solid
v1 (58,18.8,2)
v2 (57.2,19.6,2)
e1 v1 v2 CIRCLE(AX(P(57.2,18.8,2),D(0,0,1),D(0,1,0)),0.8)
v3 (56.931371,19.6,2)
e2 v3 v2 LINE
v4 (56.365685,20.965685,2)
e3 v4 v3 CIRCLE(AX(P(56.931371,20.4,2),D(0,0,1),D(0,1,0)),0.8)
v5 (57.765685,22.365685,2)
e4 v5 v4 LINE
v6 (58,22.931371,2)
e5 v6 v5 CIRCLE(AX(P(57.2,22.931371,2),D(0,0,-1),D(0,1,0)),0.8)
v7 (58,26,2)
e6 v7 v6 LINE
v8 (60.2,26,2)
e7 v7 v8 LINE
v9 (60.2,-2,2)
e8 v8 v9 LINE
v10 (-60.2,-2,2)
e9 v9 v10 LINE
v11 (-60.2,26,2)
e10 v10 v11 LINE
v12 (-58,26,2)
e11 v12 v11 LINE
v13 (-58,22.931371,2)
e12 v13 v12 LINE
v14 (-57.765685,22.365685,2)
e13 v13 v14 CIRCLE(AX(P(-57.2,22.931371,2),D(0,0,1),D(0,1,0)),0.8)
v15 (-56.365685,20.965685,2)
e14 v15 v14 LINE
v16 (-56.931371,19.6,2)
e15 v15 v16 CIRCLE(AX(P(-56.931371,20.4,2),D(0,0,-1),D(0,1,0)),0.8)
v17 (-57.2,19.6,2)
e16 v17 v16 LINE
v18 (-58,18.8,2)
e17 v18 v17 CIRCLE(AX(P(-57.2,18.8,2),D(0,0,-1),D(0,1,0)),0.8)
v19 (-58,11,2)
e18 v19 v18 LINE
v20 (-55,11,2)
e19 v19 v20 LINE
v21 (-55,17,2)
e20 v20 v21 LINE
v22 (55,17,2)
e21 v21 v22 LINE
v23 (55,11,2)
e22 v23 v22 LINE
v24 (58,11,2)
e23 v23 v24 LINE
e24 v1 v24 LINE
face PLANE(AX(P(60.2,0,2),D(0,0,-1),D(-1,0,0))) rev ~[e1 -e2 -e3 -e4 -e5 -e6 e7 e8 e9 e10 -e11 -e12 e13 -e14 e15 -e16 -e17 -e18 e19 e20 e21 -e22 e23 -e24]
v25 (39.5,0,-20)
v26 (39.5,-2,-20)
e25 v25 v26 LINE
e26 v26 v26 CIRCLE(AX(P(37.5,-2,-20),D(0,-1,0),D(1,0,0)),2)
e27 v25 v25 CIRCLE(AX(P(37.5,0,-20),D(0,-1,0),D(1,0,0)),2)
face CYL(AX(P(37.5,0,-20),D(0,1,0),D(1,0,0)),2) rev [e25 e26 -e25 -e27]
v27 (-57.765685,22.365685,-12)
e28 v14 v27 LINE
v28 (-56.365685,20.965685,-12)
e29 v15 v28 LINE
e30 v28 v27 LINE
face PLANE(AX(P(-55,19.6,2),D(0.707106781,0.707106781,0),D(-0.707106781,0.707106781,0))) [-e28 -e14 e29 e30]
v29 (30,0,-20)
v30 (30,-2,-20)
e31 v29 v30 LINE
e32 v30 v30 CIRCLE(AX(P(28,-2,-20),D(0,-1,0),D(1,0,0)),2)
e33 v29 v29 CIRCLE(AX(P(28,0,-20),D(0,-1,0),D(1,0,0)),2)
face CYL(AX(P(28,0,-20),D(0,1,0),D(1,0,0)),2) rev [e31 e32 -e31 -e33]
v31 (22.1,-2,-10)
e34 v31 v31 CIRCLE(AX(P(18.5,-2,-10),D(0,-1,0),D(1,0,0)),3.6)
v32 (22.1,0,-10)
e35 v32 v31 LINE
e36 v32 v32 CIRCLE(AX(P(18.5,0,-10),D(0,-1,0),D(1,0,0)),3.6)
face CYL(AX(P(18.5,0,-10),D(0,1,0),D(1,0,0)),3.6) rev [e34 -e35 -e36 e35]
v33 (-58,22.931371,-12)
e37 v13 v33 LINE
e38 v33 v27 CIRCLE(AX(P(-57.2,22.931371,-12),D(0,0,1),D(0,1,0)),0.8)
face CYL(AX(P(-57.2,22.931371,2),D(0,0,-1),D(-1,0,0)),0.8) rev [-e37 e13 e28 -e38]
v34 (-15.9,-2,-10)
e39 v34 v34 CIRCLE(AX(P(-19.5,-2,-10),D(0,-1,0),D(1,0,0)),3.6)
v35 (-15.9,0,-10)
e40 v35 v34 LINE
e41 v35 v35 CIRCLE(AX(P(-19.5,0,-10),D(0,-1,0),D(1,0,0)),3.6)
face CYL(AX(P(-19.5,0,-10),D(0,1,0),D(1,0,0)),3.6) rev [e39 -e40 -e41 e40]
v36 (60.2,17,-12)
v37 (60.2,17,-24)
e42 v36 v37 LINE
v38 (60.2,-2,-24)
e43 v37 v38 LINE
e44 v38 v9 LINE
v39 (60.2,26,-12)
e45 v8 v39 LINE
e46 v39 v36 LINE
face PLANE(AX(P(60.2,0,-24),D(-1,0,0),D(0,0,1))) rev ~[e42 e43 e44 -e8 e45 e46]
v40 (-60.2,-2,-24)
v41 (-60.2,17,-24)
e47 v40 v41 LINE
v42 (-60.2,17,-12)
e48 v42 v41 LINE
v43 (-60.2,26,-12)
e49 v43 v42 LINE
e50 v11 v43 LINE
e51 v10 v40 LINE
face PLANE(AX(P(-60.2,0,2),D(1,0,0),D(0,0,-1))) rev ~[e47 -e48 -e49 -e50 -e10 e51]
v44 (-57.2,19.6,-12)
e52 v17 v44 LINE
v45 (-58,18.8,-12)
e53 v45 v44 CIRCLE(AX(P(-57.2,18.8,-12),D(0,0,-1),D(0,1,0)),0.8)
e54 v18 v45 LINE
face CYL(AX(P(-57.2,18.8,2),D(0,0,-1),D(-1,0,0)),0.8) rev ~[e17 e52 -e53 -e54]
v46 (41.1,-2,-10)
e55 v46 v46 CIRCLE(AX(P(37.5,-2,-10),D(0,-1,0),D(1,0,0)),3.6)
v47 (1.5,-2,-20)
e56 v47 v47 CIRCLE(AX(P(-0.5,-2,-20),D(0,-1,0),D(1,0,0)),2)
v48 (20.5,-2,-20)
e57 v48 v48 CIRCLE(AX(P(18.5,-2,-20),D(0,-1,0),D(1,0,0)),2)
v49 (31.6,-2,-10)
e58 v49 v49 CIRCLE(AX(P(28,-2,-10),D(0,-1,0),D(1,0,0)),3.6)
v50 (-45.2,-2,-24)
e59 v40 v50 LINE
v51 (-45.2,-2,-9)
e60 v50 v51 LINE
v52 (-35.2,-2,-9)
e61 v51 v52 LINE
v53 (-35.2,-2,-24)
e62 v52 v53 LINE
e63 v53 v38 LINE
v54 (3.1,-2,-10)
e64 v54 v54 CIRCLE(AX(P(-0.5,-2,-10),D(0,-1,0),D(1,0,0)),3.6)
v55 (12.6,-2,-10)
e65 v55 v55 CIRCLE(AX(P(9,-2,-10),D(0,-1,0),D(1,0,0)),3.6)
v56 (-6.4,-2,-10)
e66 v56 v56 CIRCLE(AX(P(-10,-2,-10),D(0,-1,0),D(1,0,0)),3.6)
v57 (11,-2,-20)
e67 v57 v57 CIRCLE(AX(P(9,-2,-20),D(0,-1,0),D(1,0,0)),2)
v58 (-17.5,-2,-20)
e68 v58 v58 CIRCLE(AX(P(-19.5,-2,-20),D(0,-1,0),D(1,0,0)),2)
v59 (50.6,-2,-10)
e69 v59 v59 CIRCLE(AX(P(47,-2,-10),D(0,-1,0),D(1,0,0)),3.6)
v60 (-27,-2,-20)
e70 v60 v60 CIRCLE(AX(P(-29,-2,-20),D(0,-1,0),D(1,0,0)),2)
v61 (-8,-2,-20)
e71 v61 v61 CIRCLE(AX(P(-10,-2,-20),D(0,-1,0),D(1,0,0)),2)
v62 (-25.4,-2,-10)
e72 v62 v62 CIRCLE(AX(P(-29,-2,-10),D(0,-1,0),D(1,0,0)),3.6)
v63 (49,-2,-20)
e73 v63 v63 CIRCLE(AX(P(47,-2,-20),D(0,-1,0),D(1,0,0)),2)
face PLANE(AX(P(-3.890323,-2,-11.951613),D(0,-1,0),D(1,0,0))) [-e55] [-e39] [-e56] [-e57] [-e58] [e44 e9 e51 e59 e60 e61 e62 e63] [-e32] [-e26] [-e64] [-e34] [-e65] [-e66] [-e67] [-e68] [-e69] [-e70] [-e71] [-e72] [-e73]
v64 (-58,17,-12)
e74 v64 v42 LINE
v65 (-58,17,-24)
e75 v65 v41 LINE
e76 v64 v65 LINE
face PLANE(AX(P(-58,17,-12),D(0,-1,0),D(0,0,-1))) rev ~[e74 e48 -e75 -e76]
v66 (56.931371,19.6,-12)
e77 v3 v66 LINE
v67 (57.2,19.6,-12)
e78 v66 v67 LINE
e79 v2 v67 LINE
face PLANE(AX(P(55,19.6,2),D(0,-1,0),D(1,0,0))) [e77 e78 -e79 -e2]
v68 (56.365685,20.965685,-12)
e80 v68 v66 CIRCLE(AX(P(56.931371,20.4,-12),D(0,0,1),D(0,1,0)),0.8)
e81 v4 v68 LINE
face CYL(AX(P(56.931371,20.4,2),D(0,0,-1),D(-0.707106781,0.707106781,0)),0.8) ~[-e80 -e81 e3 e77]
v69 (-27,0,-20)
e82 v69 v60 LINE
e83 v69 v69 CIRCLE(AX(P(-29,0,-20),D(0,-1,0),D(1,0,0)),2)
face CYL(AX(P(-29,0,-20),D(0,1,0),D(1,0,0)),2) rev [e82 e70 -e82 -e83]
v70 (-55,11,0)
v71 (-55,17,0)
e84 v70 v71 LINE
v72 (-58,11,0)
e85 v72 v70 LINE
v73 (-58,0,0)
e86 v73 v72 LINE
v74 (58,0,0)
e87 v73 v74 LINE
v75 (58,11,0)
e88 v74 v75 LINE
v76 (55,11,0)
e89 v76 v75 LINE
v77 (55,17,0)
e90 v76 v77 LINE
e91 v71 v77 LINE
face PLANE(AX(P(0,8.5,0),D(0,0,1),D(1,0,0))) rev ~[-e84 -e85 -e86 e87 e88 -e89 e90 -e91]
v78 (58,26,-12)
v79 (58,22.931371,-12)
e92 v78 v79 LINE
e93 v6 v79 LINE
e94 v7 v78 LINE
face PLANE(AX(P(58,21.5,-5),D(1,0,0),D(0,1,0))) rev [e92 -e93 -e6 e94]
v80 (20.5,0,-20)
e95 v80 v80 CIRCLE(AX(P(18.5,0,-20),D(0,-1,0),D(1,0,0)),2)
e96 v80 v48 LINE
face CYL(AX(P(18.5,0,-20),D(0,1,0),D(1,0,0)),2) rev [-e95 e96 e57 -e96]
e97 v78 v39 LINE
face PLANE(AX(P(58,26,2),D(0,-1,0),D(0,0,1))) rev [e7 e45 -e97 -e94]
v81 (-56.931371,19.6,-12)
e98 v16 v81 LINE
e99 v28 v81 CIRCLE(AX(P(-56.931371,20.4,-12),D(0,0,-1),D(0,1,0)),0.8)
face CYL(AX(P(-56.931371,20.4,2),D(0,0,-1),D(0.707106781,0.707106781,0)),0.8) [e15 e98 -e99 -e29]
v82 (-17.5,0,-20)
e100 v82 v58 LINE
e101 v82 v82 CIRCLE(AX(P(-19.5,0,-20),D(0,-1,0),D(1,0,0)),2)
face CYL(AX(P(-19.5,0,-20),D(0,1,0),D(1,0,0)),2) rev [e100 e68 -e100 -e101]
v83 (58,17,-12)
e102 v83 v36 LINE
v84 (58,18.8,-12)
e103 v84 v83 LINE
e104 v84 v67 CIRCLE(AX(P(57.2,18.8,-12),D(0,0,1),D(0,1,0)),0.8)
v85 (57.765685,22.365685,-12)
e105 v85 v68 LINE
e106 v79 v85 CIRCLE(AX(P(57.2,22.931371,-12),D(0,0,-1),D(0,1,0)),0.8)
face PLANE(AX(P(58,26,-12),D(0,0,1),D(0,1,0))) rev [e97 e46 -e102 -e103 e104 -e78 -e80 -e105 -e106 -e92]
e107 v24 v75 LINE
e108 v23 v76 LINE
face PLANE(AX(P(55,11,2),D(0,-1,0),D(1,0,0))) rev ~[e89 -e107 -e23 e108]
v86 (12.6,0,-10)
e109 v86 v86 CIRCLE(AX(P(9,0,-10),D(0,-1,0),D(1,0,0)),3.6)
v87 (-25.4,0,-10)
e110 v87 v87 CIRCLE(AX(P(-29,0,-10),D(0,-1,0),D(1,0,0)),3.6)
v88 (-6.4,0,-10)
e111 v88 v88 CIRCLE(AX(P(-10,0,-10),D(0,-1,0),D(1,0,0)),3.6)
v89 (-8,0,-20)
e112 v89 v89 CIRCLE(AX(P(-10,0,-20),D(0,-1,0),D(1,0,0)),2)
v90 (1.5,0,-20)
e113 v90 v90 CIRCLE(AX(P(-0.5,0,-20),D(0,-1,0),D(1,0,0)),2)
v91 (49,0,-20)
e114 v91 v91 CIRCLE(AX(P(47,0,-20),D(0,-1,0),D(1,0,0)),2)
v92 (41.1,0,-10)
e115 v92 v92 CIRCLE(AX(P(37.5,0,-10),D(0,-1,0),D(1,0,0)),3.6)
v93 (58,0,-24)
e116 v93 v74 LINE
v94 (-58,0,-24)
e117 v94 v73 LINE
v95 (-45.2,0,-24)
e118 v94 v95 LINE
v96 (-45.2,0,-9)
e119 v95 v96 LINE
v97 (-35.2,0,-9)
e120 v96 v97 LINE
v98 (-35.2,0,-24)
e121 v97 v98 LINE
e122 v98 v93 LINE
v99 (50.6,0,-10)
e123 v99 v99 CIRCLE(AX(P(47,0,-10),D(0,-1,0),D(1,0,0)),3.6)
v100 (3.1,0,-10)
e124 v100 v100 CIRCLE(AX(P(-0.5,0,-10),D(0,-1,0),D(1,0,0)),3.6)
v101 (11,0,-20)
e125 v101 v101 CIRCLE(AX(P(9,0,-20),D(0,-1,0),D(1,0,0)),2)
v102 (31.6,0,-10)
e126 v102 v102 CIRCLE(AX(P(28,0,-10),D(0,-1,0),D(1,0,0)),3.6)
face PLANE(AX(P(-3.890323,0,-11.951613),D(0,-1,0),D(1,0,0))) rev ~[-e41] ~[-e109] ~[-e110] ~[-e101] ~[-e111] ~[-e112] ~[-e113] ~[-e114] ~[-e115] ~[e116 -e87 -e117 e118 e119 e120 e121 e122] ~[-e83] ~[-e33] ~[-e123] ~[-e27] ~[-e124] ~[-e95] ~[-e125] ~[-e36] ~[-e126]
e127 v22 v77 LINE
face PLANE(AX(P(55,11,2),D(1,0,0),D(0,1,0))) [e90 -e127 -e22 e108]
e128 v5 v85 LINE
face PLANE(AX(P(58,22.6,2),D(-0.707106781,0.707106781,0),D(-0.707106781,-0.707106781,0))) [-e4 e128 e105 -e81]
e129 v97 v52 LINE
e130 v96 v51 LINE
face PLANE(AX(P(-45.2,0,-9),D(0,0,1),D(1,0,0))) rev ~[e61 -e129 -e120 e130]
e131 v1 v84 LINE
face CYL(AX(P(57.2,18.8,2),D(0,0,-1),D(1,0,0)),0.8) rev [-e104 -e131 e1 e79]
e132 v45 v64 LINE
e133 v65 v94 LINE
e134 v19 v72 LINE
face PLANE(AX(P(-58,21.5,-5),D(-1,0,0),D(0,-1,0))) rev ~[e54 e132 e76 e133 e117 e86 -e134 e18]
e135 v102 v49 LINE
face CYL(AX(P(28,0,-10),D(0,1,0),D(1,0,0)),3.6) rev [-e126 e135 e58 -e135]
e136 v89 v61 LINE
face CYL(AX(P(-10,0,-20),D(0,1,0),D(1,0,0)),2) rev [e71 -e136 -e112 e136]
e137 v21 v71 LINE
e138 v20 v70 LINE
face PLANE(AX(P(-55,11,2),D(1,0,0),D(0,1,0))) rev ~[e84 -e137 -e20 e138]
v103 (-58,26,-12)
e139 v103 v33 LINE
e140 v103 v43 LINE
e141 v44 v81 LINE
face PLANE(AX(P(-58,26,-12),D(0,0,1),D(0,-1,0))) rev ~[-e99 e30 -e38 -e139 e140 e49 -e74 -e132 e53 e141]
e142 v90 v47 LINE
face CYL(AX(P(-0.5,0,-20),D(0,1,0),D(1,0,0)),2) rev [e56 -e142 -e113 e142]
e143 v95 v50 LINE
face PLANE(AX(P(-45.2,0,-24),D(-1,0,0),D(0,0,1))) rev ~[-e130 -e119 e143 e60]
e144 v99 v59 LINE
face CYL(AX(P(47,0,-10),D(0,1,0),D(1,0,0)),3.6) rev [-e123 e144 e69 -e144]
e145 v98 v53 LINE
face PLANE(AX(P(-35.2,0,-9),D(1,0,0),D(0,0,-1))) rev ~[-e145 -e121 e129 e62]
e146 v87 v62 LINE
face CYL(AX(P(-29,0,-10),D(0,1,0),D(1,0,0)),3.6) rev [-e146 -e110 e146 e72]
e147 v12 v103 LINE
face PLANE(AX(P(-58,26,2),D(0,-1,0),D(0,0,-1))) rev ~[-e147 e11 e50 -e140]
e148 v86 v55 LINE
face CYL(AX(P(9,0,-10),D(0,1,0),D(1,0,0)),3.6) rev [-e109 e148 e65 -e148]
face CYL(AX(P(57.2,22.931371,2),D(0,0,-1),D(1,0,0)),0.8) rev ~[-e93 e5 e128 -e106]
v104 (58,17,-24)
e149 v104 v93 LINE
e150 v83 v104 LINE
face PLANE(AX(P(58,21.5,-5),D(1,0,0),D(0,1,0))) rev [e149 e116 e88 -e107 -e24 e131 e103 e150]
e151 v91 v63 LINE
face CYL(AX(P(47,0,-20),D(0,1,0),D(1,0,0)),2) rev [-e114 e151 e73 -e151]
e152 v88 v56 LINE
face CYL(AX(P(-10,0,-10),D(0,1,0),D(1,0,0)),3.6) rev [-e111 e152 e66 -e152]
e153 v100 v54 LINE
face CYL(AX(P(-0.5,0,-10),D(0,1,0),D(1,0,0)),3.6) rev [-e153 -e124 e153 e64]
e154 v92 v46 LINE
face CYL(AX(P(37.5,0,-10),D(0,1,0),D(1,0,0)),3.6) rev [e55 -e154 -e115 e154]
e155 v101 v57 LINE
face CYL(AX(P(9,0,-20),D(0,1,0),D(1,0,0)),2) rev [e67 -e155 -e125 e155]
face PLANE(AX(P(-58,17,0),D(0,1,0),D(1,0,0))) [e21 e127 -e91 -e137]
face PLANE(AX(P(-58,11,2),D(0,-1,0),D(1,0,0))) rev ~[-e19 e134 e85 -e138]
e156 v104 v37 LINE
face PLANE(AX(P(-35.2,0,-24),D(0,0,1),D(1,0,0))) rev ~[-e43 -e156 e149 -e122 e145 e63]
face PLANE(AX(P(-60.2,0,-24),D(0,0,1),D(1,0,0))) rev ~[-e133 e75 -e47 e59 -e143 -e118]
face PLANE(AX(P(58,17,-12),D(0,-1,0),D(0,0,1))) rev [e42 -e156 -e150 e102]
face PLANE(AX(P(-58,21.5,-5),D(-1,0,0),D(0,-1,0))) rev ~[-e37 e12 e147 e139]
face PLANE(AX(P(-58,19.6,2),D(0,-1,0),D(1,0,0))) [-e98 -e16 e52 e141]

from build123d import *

# Parameters (mm, degrees)
F0_W      = 116
F0_H      = 17
F1_DEPTH  = 2
F2_W      = 17
F2_H      = 2
F3_DEPTH  = 2.2
F5_W      = 3
F5_H      = 6
F6_DEPTH  = 25
F8_DEPTH  = 14
F9_R      = 0.8
F10_R     = 2
F10_R_2   = 3.6
F11_DEPTH = 2


with BuildPart() as f1:
    # F0 (on Top) → F1 (new body)
    with BuildSketch(Plane.XY):
        with Locations((0, 8.5)):
            Rectangle(F0_W, F0_H)
    extrude(amount=F1_DEPTH)

    # F4: F3 across plane


with BuildPart() as f3:
    # F2 (on face) → F3 (new body)
    with BuildSketch(Plane(origin=(-58, 0, 0), x_dir=(0, -1, 0), z_dir=(-1, 0, 0))):
        Polygon((-17, 0), (-17, 2), (-26, 2), (-26, -12), (-17, -12), align=None)
        with Locations((-8.5, 1)):
            Rectangle(F2_W, F2_H)
        Polygon((0, 0), (-17, 0), (-17, -12), (-17, -24), (0, -24), align=None)
    extrude(amount=F3_DEPTH)


with BuildPart() as f1_1:
    add(f1.part)
    add(f3.part.mirror(Plane.YZ))

    # F5 (on face) → F6 (cut)
    with BuildSketch(Plane.XY.offset(2)):
        with Locations((-56.5, 14)):
            Rectangle(F5_W, F5_H)
        with Locations((56.5, 14)):
            Rectangle(F5_W, F5_H)
    extrude(amount=-F6_DEPTH, mode=Mode.SUBTRACT)


    add(f3.part)  # F8 merges F3
    # F7 (on face) → F8 (join, through all)
    with BuildSketch(Plane.XY.offset(2)):
        Polygon((-55, 19.6), (-58, 22.6), (-58, 19.6), align=None)
        Polygon((58, 19.6), (58, 22.6), (55, 19.6), align=None)
    extrude(amount=-F8_DEPTH)

    # F9
    f9_edges = [f1_1.edges().sort_by_distance(p)[0] for p in [
        (55, 19.6, -5),
        (-55, 19.6, -5),
        (58, 19.6, -5),
        (-58, 19.6, -5),
        (-58, 22.6, -5),
        (58, 22.6, -5),
    ]]
    fillet(f9_edges, radius=F9_R)

    # F10 (on face) → F11 (join)
    with BuildSketch(Plane.XZ):
        Polygon((-58, 0), (-58, -24), (-45.2, -24), (-45.2, -9), (-35.2, -9), (-35.2, -24), (58, -24), (58, 0), align=None)
        with Locations((-29, -20)):
            Circle(F10_R, mode=Mode.SUBTRACT)
        with Locations((-19.5, -20)):
            Circle(F10_R, mode=Mode.SUBTRACT)
        with Locations((-10, -20)):
            Circle(F10_R, mode=Mode.SUBTRACT)
        with Locations((-0.5, -20)):
            Circle(F10_R, mode=Mode.SUBTRACT)
        with Locations((9, -20)):
            Circle(F10_R, mode=Mode.SUBTRACT)
        with Locations((18.5, -20)):
            Circle(F10_R, mode=Mode.SUBTRACT)
        with Locations((28, -20)):
            Circle(F10_R, mode=Mode.SUBTRACT)
        with Locations((37.5, -20)):
            Circle(F10_R, mode=Mode.SUBTRACT)
        with Locations((47, -20)):
            Circle(F10_R, mode=Mode.SUBTRACT)
        with Locations((-29, -10)):
            Circle(F10_R_2, mode=Mode.SUBTRACT)
        with Locations((-19.5, -10)):
            Circle(F10_R_2, mode=Mode.SUBTRACT)
        with Locations((-10, -10)):
            Circle(F10_R_2, mode=Mode.SUBTRACT)
        with Locations((-0.5, -10)):
            Circle(F10_R_2, mode=Mode.SUBTRACT)
        with Locations((9, -10)):
            Circle(F10_R_2, mode=Mode.SUBTRACT)
        with Locations((18.5, -10)):
            Circle(F10_R_2, mode=Mode.SUBTRACT)
        with Locations((28, -10)):
            Circle(F10_R_2, mode=Mode.SUBTRACT)
        with Locations((37.5, -10)):
            Circle(F10_R_2, mode=Mode.SUBTRACT)
        with Locations((47, -10)):
            Circle(F10_R_2, mode=Mode.SUBTRACT)
        Polygon((60.2, 2), (-60.2, 2), (-60.2, -24), (-58, -24), (-58, 0), (58, 0), (58, -24), (60.2, -24), align=None)
    extrude(amount=F11_DEPTH)


solid = f1_1.part
